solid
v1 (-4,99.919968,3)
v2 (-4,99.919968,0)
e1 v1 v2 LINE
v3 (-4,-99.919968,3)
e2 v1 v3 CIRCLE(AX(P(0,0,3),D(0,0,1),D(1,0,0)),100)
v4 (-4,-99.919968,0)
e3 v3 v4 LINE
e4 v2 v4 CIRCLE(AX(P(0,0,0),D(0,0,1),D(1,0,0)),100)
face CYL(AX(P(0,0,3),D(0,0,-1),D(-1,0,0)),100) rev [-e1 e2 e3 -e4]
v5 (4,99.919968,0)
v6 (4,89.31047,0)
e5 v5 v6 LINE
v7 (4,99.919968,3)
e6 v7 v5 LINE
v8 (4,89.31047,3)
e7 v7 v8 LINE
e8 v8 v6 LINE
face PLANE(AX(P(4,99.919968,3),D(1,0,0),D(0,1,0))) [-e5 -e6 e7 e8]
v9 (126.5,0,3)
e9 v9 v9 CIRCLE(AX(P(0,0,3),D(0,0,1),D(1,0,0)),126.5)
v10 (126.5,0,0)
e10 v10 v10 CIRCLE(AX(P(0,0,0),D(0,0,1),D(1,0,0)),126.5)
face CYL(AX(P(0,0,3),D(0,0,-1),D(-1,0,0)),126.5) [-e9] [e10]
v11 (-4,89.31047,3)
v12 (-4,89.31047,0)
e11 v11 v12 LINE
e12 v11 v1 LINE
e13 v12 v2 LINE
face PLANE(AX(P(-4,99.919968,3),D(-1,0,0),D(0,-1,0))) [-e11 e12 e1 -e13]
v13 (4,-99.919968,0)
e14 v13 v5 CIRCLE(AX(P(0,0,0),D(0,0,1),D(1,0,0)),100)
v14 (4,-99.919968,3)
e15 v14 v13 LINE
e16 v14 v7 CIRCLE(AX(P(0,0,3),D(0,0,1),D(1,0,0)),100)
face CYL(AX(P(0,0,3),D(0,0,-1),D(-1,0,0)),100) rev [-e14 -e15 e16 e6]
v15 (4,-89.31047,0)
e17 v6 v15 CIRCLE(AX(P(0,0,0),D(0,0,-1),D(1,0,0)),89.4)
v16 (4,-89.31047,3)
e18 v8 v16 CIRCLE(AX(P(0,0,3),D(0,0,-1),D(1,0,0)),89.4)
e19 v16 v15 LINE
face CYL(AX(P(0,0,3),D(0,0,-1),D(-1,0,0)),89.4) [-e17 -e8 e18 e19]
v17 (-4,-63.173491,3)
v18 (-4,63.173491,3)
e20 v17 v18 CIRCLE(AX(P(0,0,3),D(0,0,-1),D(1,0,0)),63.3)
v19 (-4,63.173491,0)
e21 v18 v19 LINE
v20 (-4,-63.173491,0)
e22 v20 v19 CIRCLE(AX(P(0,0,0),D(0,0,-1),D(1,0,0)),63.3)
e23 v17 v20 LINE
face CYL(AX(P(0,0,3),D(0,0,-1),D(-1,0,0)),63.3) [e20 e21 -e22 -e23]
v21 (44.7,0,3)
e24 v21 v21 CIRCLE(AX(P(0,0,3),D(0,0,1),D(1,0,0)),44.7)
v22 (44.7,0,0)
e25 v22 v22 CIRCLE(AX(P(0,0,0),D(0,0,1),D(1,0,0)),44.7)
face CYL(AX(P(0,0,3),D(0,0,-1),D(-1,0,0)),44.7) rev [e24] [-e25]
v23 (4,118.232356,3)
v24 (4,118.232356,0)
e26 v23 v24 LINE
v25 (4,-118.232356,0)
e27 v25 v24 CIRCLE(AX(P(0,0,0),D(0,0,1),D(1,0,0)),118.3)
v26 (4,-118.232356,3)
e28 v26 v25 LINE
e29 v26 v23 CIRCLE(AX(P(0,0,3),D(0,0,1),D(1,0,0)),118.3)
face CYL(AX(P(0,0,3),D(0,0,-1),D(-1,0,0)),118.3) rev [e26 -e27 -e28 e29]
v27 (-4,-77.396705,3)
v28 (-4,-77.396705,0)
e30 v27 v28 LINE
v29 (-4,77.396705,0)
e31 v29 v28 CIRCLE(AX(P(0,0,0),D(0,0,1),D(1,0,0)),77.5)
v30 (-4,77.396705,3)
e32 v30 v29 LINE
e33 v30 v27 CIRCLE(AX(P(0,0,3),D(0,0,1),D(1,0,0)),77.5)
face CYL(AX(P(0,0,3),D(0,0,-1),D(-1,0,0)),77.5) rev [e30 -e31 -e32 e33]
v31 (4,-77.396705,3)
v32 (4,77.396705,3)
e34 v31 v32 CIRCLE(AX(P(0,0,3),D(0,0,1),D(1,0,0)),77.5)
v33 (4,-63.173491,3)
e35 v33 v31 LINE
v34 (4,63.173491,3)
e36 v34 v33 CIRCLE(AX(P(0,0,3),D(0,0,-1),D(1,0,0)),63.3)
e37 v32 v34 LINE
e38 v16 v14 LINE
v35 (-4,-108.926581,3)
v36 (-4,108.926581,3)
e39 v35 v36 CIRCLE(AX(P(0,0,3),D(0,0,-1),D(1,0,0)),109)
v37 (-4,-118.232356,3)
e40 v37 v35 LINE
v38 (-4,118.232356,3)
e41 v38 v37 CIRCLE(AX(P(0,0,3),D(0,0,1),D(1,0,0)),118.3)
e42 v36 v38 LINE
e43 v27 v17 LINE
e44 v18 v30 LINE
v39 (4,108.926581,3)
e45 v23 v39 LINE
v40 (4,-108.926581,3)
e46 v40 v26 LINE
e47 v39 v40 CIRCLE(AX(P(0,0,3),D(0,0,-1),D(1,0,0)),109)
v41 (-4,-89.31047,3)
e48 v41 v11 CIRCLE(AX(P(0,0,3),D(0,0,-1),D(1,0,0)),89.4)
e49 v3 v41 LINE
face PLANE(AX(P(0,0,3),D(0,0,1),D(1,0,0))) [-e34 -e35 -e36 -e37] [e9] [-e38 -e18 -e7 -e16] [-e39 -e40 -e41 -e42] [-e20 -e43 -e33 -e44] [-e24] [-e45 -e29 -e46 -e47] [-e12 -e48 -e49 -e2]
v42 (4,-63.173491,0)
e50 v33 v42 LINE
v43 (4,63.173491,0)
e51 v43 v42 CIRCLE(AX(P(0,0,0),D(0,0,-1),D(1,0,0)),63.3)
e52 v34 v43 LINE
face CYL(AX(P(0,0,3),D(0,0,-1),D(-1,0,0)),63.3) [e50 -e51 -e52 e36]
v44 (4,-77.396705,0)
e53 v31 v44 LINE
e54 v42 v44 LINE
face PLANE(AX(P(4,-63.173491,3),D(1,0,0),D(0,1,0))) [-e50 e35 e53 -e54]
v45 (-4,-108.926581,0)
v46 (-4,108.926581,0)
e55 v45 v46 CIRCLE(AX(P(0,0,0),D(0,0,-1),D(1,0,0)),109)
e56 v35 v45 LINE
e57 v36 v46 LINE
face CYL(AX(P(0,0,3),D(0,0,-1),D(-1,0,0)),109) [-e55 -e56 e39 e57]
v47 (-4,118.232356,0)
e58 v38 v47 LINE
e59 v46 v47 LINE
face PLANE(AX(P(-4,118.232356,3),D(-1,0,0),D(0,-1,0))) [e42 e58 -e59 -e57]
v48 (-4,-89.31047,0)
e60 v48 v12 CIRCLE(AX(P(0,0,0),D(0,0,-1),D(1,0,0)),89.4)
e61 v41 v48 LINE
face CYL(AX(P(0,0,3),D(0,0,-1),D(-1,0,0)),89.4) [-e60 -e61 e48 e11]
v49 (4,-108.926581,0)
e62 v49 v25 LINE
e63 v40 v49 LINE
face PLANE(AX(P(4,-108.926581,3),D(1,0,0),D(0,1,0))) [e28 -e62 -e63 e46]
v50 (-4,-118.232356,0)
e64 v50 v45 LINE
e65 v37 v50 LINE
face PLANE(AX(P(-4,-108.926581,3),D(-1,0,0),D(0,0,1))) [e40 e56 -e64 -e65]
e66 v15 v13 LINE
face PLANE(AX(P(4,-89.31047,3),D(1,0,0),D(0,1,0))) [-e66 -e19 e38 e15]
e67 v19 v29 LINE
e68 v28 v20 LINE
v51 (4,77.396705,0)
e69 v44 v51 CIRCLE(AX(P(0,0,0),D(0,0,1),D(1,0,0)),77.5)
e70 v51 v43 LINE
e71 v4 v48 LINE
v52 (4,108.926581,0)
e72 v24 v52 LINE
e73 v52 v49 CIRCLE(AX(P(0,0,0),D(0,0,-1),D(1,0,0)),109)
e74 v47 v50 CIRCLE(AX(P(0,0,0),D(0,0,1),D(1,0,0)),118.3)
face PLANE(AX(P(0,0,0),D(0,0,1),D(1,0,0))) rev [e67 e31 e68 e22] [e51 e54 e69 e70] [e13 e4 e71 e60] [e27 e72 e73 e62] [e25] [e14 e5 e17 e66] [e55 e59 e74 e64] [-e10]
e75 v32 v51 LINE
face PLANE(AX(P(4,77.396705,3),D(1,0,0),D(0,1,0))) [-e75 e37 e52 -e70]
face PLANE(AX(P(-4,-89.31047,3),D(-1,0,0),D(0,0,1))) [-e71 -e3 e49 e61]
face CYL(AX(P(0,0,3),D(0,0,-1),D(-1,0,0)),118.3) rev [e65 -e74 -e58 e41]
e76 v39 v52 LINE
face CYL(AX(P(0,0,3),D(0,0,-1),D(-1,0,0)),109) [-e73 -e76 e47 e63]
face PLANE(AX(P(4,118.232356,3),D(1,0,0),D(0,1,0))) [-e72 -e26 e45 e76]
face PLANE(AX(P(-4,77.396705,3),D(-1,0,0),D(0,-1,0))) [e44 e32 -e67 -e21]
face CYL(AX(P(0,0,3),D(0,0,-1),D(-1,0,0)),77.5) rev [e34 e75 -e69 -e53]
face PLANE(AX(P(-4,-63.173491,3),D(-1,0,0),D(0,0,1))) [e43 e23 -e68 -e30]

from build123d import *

# Parameters (mm, degrees)
SKETCH_1_R      = 126.5
SKETCH_1_R_2    = 44.7
EXTRUDE_1_DEPTH = 3


with BuildPart() as part:
    # 草图1 → 凸台-拉伸1 (new body)
    with BuildSketch(Plane.XY):
        Circle(SKETCH_1_R)
        Circle(SKETCH_1_R_2, mode=Mode.SUBTRACT)
        with BuildLine():
            Line((-4, 118.232355978), (-4, 108.926580778))
            ThreePointArc((-4, 108.926580778), (-109, 0), (-4, -108.926580778))
            Line((-4, -108.926580778), (-4, -118.232355978))
            ThreePointArc((-4, -118.232355978), (-118.3, 0), (-4, 118.232355978))
        make_face(mode=Mode.SUBTRACT)
        with BuildLine():
            Line((4, 118.232355978), (4, 108.926580778))
            ThreePointArc((4, 108.926580778), (109, 0), (4, -108.926580778))
            Line((4, -108.926580778), (4, -118.232355978))
            ThreePointArc((4, -118.232355978), (118.3, 0), (4, 118.232355978))
        make_face(mode=Mode.SUBTRACT)
        with BuildLine():
            Line((4, -63.173491276), (4, -77.396705356))
            ThreePointArc((4, -77.396705356), (77.5, 0), (4, 77.396705356))
            Line((4, 77.396705356), (4, 63.173491276))
            ThreePointArc((4, 63.173491276), (63.3, 0), (4, -63.173491276))
        make_face(mode=Mode.SUBTRACT)
        with BuildLine():
            Line((-4, -63.173491276), (-4, -77.396705356))
            ThreePointArc((-4, -77.396705356), (-77.5, 0), (-4, 77.396705356))
            Line((-4, 77.396705356), (-4, 63.173491276))
            ThreePointArc((-4, 63.173491276), (-63.3, 0), (-4, -63.173491276))
        make_face(mode=Mode.SUBTRACT)
        with BuildLine():
            Line((-4, 99.919967974), (-4, 89.310469711))
            ThreePointArc((-4, 89.310469711), (-89.4, 0), (-4, -89.310469711))
            Line((-4, -89.310469711), (-4, -99.919967974))
            ThreePointArc((-4, -99.919967974), (-100, 0), (-4, 99.919967974))
        make_face(mode=Mode.SUBTRACT)
        with BuildLine():
            Line((4, 99.919967974), (4, 89.310469711))
            ThreePointArc((4, 89.310469711), (89.4, 0), (4, -89.310469711))
            Line((4, -89.310469711), (4, -99.919967974))
            ThreePointArc((4, -99.919967974), (100, 0), (4, 99.919967974))
        make_face(mode=Mode.SUBTRACT)
    extrude(amount=EXTRUDE_1_DEPTH)


solid = part.part
